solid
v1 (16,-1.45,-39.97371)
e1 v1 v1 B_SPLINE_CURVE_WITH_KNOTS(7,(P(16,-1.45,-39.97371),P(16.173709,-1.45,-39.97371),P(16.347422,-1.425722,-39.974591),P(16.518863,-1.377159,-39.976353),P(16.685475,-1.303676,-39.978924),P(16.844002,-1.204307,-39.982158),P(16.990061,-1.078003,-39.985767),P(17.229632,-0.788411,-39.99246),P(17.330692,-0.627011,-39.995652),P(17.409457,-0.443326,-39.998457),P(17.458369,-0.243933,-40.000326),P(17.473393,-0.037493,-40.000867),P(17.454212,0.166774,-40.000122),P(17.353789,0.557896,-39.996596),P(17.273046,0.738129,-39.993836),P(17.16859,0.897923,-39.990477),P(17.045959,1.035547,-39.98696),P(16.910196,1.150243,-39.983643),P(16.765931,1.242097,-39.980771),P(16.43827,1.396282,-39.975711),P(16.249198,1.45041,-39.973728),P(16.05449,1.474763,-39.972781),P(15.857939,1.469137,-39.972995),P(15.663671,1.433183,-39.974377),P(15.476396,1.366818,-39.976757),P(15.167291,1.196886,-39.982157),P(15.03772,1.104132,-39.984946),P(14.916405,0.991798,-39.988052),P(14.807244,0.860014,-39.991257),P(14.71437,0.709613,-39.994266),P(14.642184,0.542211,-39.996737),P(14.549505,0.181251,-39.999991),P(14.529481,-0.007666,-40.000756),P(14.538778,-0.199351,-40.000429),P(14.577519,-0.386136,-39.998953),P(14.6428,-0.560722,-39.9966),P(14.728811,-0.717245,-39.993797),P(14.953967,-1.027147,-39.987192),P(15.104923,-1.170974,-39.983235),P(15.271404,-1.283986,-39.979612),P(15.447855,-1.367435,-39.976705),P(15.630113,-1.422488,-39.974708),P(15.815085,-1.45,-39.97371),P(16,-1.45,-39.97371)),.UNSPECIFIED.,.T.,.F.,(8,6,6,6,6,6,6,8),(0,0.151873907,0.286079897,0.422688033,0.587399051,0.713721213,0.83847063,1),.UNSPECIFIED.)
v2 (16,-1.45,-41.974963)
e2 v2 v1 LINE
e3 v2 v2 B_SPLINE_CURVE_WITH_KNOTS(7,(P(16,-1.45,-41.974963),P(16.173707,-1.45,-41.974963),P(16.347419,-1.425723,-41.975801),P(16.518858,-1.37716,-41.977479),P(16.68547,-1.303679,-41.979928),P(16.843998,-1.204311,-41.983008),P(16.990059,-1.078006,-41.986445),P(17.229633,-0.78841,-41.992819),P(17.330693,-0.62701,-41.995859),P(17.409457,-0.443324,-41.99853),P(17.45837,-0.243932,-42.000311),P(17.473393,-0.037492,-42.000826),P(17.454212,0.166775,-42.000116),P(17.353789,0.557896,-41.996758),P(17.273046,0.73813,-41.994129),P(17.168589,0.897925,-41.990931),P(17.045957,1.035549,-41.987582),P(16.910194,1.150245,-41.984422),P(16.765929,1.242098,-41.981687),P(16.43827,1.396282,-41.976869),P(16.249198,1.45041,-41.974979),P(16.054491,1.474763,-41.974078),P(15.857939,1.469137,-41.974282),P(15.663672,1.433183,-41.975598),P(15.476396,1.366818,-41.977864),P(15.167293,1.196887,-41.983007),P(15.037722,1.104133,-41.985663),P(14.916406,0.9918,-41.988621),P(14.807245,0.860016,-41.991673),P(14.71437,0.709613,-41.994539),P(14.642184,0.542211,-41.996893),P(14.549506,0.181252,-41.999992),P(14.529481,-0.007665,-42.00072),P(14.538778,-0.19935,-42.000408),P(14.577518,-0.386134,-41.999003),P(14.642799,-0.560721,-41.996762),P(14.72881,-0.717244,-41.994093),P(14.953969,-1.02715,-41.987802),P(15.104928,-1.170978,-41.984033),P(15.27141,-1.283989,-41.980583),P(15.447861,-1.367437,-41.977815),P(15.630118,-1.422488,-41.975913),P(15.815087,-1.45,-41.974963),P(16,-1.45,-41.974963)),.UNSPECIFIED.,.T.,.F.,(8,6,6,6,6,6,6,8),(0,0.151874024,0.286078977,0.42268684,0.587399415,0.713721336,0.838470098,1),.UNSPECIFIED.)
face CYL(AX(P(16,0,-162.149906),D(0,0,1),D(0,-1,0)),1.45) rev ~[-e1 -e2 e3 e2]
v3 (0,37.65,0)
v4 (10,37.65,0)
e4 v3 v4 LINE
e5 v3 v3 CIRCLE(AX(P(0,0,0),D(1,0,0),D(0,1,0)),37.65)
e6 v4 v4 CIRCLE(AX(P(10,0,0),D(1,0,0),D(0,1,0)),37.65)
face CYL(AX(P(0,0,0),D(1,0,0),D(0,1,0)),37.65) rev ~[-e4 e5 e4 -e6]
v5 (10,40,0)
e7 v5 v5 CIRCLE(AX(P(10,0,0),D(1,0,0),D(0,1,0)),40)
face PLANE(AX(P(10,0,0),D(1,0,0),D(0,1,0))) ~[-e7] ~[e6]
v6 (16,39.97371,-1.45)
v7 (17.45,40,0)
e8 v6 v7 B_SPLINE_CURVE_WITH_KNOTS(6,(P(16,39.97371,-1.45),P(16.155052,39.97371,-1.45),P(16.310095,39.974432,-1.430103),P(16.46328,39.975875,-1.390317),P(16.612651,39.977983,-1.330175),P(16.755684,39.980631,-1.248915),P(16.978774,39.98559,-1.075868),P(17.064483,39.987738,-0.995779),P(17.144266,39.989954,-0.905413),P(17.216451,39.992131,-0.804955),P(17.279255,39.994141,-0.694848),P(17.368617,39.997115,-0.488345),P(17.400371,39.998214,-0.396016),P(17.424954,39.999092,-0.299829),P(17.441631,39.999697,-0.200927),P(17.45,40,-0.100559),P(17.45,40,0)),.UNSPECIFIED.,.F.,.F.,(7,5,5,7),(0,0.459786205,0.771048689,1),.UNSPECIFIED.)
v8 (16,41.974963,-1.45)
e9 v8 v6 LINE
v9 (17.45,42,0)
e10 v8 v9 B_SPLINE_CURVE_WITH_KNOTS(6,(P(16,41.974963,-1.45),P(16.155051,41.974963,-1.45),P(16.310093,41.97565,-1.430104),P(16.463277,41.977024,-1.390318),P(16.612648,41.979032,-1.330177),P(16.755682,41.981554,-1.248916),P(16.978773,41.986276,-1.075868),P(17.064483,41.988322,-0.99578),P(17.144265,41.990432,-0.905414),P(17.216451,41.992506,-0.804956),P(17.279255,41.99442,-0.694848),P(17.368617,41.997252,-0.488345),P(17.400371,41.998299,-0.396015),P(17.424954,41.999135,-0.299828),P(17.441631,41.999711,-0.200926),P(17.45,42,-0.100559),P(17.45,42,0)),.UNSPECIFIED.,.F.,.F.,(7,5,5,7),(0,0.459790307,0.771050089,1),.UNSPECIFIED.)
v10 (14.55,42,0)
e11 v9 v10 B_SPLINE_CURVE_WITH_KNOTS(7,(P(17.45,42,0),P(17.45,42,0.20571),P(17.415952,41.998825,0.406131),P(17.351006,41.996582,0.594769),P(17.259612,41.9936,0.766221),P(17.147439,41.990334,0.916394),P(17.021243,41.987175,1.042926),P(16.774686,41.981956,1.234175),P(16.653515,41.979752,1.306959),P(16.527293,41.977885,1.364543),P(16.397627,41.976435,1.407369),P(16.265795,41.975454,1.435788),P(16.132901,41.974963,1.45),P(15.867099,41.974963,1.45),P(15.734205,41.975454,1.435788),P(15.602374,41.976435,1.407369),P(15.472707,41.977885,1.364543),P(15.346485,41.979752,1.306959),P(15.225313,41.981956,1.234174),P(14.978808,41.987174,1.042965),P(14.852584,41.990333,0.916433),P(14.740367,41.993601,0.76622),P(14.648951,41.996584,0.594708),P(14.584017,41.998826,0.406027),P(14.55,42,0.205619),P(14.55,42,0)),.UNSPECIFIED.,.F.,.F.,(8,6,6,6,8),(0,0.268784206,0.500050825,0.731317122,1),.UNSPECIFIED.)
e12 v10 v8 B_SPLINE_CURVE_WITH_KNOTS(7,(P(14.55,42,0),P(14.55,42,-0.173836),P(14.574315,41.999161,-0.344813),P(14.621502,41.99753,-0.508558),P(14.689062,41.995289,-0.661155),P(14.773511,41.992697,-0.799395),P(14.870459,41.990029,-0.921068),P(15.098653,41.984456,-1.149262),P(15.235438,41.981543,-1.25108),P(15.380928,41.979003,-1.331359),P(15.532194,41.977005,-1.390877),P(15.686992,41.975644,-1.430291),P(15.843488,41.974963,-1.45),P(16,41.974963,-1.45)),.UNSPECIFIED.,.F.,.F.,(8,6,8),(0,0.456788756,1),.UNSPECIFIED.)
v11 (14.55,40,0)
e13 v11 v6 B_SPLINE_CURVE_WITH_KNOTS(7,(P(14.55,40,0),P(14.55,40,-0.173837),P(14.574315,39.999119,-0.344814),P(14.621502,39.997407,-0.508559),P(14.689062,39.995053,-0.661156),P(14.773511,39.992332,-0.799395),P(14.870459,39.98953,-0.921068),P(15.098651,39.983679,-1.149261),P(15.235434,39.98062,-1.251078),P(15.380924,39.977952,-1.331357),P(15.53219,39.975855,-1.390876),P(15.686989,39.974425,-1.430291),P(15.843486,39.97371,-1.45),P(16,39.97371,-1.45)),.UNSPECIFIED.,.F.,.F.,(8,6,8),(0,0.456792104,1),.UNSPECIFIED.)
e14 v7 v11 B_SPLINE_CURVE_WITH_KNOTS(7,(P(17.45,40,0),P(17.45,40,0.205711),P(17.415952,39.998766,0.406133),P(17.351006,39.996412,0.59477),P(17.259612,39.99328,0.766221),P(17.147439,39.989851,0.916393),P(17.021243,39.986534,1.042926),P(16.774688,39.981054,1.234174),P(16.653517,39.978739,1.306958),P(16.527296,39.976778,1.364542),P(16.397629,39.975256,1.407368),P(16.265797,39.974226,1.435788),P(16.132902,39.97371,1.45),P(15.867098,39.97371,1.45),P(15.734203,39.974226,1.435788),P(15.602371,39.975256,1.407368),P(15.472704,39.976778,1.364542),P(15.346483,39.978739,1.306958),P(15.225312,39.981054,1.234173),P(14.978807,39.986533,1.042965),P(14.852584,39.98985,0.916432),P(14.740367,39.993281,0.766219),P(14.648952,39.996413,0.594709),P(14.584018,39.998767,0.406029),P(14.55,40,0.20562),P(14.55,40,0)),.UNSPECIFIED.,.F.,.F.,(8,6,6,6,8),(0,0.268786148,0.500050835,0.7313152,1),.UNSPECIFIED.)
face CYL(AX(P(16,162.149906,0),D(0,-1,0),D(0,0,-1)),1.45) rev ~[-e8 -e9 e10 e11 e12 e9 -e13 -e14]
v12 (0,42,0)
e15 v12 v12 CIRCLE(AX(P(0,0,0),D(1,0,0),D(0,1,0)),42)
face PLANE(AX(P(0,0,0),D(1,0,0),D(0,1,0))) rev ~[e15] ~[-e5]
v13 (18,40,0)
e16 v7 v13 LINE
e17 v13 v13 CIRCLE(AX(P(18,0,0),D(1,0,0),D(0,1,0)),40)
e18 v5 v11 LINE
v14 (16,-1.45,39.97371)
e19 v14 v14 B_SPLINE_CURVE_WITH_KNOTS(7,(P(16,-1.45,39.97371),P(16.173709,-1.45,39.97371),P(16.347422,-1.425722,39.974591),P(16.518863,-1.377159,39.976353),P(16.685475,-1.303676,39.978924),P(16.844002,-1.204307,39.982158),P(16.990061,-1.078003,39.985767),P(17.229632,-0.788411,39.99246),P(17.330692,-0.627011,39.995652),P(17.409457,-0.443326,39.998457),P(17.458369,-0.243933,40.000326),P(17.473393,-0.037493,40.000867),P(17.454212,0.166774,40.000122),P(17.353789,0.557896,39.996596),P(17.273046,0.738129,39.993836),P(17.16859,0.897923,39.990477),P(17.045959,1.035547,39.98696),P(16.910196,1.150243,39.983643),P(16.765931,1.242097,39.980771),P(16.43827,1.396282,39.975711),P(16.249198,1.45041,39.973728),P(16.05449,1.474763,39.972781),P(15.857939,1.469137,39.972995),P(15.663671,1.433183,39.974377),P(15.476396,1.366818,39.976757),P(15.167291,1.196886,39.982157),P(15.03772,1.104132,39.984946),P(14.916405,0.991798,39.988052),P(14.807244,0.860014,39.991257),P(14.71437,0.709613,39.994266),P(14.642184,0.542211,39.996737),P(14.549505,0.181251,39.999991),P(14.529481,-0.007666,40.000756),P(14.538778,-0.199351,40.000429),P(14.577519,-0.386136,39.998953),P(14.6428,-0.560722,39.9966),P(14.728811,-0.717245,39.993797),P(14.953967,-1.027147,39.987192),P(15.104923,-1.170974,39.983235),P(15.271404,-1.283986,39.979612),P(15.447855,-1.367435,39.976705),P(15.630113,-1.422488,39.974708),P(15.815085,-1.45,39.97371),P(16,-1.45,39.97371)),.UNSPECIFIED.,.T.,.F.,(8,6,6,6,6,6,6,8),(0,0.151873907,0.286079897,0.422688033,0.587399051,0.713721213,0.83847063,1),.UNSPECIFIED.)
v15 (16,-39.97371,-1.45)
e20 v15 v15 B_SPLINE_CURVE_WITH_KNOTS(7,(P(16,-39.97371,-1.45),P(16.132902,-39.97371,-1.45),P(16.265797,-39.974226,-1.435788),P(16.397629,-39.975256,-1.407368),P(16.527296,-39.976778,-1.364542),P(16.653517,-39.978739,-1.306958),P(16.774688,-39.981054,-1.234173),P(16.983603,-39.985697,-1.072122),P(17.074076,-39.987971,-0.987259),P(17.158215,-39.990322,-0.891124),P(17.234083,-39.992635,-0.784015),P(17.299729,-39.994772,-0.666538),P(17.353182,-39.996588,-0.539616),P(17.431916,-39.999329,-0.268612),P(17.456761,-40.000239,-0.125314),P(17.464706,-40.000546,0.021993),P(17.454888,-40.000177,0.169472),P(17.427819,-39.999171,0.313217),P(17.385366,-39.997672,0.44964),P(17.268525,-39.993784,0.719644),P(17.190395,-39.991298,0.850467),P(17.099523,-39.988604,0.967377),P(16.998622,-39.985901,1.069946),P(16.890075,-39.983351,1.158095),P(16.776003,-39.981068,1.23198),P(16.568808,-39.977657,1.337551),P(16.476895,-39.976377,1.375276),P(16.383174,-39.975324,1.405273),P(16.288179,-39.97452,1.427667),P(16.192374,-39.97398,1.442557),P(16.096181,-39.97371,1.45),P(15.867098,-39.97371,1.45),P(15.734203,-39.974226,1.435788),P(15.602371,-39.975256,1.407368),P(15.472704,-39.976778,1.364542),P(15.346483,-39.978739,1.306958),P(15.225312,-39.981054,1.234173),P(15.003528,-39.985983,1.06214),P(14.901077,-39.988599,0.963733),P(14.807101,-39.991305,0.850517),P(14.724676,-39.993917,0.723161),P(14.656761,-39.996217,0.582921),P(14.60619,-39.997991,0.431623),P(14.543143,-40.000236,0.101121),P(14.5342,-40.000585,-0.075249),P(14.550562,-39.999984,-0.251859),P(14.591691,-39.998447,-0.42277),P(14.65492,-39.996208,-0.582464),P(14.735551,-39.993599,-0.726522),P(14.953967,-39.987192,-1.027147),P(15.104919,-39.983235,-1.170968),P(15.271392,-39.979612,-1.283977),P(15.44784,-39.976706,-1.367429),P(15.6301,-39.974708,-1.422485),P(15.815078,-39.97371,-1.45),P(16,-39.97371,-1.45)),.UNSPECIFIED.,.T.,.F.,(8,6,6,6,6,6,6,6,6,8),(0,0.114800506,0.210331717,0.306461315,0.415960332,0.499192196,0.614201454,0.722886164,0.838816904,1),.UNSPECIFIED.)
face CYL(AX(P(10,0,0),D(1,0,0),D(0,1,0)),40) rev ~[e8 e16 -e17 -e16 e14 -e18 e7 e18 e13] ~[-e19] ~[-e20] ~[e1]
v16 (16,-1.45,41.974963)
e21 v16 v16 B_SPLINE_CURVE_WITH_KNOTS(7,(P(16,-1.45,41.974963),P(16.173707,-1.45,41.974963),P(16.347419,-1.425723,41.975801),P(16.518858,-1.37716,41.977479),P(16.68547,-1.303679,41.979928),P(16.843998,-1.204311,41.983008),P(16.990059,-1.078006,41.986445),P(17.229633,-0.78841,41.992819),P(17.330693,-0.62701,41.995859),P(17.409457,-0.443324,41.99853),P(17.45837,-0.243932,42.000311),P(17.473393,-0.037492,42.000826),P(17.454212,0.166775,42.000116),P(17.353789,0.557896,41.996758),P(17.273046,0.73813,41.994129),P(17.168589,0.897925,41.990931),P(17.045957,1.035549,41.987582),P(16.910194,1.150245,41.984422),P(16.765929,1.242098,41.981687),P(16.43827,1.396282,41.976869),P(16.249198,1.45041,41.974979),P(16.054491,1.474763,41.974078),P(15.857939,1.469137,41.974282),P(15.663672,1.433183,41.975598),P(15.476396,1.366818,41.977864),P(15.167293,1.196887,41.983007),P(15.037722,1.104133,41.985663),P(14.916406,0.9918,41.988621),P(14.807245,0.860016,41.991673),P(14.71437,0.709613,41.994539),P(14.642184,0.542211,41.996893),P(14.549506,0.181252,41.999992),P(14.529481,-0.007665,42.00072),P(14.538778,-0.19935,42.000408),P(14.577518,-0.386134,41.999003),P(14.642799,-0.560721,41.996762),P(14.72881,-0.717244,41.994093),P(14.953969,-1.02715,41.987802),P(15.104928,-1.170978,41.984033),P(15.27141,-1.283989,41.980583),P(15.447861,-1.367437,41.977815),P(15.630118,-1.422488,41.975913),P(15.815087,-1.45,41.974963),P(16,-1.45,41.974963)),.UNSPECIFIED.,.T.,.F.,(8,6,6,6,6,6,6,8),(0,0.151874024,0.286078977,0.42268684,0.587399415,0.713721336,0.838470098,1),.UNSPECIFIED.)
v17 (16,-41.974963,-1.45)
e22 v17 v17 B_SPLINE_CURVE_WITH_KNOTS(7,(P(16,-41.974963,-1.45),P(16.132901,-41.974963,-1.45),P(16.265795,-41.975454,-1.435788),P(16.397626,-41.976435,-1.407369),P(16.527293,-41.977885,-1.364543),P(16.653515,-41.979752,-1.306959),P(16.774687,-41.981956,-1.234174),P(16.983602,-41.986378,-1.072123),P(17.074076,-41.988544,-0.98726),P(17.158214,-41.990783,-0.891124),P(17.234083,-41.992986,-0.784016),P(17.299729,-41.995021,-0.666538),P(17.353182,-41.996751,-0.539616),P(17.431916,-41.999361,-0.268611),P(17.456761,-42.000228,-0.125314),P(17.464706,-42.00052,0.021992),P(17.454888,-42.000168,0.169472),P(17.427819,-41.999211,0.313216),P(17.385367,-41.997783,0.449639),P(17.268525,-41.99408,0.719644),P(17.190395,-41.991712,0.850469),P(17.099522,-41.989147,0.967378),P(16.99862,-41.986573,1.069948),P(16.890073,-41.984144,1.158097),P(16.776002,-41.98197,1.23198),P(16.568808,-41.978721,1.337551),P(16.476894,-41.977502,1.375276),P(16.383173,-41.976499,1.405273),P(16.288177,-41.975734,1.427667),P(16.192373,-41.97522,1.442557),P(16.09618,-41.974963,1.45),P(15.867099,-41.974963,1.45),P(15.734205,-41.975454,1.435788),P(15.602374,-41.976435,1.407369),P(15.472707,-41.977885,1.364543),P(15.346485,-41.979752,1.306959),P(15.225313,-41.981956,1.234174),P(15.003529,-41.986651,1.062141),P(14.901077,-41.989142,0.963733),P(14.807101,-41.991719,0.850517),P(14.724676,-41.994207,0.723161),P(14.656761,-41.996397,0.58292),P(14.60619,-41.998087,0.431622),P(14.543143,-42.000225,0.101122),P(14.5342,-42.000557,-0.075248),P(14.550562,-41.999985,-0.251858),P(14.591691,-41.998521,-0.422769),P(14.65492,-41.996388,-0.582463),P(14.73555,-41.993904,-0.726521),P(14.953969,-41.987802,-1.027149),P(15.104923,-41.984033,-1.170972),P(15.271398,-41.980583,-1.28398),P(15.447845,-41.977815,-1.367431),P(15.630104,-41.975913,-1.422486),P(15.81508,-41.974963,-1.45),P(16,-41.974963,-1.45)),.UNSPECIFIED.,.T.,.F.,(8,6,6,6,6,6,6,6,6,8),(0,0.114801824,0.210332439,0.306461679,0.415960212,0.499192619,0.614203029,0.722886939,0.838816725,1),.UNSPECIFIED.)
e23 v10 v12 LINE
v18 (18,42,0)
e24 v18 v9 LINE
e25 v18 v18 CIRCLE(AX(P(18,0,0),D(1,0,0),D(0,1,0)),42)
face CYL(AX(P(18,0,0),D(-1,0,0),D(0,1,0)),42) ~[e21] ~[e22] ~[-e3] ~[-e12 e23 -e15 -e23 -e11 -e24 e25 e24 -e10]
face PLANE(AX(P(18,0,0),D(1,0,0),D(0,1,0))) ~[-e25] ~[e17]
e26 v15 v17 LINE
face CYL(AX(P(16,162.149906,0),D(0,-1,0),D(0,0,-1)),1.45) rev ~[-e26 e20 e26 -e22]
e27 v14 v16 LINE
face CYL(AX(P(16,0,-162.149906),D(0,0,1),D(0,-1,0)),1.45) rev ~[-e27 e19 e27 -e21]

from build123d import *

# Parameters (mm, degrees)
D_GAGEMENT_M2_51_D           = 2.9
R_P_TITION_CIRCULAIRE1_COUNT = 2
R_P_TITION_CIRCULAIRE1_ANGLE = 90


with BuildPart() as part:
    # Esquisse1 → Révolution1 (revolve)
    with BuildSketch(Plane.XY):
        Polygon((0, 42), (0, 37.65), (10, 37.65), (10, 40), (18, 40), (18, 42), align=None)
    revolve(axis=Axis((-19.427138361, 0, 0), (1, 0, 0)))

    # Dégagement M2.51 (through all)
    with Locations(Plane(origin=(16, 42, 0), x_dir=(0, 0, 1), z_dir=(0, 1, 0))):
        with Locations((0, 0)):
            d_gagement_m2_51 = Hole(D_GAGEMENT_M2_51_D / 2)

    # Répétition circulaire1: Dégagement M2.51 ×2 about axis
    r_p_tition_circulaire1_axis = Axis((0, 0, 0), (-1, 0, 0))
    for i in range(1, R_P_TITION_CIRCULAIRE1_COUNT):
        add(d_gagement_m2_51.rotate(r_p_tition_circulaire1_axis, i * R_P_TITION_CIRCULAIRE1_ANGLE / (R_P_TITION_CIRCULAIRE1_COUNT - 1)), mode=Mode.SUBTRACT)


solid = part.part
